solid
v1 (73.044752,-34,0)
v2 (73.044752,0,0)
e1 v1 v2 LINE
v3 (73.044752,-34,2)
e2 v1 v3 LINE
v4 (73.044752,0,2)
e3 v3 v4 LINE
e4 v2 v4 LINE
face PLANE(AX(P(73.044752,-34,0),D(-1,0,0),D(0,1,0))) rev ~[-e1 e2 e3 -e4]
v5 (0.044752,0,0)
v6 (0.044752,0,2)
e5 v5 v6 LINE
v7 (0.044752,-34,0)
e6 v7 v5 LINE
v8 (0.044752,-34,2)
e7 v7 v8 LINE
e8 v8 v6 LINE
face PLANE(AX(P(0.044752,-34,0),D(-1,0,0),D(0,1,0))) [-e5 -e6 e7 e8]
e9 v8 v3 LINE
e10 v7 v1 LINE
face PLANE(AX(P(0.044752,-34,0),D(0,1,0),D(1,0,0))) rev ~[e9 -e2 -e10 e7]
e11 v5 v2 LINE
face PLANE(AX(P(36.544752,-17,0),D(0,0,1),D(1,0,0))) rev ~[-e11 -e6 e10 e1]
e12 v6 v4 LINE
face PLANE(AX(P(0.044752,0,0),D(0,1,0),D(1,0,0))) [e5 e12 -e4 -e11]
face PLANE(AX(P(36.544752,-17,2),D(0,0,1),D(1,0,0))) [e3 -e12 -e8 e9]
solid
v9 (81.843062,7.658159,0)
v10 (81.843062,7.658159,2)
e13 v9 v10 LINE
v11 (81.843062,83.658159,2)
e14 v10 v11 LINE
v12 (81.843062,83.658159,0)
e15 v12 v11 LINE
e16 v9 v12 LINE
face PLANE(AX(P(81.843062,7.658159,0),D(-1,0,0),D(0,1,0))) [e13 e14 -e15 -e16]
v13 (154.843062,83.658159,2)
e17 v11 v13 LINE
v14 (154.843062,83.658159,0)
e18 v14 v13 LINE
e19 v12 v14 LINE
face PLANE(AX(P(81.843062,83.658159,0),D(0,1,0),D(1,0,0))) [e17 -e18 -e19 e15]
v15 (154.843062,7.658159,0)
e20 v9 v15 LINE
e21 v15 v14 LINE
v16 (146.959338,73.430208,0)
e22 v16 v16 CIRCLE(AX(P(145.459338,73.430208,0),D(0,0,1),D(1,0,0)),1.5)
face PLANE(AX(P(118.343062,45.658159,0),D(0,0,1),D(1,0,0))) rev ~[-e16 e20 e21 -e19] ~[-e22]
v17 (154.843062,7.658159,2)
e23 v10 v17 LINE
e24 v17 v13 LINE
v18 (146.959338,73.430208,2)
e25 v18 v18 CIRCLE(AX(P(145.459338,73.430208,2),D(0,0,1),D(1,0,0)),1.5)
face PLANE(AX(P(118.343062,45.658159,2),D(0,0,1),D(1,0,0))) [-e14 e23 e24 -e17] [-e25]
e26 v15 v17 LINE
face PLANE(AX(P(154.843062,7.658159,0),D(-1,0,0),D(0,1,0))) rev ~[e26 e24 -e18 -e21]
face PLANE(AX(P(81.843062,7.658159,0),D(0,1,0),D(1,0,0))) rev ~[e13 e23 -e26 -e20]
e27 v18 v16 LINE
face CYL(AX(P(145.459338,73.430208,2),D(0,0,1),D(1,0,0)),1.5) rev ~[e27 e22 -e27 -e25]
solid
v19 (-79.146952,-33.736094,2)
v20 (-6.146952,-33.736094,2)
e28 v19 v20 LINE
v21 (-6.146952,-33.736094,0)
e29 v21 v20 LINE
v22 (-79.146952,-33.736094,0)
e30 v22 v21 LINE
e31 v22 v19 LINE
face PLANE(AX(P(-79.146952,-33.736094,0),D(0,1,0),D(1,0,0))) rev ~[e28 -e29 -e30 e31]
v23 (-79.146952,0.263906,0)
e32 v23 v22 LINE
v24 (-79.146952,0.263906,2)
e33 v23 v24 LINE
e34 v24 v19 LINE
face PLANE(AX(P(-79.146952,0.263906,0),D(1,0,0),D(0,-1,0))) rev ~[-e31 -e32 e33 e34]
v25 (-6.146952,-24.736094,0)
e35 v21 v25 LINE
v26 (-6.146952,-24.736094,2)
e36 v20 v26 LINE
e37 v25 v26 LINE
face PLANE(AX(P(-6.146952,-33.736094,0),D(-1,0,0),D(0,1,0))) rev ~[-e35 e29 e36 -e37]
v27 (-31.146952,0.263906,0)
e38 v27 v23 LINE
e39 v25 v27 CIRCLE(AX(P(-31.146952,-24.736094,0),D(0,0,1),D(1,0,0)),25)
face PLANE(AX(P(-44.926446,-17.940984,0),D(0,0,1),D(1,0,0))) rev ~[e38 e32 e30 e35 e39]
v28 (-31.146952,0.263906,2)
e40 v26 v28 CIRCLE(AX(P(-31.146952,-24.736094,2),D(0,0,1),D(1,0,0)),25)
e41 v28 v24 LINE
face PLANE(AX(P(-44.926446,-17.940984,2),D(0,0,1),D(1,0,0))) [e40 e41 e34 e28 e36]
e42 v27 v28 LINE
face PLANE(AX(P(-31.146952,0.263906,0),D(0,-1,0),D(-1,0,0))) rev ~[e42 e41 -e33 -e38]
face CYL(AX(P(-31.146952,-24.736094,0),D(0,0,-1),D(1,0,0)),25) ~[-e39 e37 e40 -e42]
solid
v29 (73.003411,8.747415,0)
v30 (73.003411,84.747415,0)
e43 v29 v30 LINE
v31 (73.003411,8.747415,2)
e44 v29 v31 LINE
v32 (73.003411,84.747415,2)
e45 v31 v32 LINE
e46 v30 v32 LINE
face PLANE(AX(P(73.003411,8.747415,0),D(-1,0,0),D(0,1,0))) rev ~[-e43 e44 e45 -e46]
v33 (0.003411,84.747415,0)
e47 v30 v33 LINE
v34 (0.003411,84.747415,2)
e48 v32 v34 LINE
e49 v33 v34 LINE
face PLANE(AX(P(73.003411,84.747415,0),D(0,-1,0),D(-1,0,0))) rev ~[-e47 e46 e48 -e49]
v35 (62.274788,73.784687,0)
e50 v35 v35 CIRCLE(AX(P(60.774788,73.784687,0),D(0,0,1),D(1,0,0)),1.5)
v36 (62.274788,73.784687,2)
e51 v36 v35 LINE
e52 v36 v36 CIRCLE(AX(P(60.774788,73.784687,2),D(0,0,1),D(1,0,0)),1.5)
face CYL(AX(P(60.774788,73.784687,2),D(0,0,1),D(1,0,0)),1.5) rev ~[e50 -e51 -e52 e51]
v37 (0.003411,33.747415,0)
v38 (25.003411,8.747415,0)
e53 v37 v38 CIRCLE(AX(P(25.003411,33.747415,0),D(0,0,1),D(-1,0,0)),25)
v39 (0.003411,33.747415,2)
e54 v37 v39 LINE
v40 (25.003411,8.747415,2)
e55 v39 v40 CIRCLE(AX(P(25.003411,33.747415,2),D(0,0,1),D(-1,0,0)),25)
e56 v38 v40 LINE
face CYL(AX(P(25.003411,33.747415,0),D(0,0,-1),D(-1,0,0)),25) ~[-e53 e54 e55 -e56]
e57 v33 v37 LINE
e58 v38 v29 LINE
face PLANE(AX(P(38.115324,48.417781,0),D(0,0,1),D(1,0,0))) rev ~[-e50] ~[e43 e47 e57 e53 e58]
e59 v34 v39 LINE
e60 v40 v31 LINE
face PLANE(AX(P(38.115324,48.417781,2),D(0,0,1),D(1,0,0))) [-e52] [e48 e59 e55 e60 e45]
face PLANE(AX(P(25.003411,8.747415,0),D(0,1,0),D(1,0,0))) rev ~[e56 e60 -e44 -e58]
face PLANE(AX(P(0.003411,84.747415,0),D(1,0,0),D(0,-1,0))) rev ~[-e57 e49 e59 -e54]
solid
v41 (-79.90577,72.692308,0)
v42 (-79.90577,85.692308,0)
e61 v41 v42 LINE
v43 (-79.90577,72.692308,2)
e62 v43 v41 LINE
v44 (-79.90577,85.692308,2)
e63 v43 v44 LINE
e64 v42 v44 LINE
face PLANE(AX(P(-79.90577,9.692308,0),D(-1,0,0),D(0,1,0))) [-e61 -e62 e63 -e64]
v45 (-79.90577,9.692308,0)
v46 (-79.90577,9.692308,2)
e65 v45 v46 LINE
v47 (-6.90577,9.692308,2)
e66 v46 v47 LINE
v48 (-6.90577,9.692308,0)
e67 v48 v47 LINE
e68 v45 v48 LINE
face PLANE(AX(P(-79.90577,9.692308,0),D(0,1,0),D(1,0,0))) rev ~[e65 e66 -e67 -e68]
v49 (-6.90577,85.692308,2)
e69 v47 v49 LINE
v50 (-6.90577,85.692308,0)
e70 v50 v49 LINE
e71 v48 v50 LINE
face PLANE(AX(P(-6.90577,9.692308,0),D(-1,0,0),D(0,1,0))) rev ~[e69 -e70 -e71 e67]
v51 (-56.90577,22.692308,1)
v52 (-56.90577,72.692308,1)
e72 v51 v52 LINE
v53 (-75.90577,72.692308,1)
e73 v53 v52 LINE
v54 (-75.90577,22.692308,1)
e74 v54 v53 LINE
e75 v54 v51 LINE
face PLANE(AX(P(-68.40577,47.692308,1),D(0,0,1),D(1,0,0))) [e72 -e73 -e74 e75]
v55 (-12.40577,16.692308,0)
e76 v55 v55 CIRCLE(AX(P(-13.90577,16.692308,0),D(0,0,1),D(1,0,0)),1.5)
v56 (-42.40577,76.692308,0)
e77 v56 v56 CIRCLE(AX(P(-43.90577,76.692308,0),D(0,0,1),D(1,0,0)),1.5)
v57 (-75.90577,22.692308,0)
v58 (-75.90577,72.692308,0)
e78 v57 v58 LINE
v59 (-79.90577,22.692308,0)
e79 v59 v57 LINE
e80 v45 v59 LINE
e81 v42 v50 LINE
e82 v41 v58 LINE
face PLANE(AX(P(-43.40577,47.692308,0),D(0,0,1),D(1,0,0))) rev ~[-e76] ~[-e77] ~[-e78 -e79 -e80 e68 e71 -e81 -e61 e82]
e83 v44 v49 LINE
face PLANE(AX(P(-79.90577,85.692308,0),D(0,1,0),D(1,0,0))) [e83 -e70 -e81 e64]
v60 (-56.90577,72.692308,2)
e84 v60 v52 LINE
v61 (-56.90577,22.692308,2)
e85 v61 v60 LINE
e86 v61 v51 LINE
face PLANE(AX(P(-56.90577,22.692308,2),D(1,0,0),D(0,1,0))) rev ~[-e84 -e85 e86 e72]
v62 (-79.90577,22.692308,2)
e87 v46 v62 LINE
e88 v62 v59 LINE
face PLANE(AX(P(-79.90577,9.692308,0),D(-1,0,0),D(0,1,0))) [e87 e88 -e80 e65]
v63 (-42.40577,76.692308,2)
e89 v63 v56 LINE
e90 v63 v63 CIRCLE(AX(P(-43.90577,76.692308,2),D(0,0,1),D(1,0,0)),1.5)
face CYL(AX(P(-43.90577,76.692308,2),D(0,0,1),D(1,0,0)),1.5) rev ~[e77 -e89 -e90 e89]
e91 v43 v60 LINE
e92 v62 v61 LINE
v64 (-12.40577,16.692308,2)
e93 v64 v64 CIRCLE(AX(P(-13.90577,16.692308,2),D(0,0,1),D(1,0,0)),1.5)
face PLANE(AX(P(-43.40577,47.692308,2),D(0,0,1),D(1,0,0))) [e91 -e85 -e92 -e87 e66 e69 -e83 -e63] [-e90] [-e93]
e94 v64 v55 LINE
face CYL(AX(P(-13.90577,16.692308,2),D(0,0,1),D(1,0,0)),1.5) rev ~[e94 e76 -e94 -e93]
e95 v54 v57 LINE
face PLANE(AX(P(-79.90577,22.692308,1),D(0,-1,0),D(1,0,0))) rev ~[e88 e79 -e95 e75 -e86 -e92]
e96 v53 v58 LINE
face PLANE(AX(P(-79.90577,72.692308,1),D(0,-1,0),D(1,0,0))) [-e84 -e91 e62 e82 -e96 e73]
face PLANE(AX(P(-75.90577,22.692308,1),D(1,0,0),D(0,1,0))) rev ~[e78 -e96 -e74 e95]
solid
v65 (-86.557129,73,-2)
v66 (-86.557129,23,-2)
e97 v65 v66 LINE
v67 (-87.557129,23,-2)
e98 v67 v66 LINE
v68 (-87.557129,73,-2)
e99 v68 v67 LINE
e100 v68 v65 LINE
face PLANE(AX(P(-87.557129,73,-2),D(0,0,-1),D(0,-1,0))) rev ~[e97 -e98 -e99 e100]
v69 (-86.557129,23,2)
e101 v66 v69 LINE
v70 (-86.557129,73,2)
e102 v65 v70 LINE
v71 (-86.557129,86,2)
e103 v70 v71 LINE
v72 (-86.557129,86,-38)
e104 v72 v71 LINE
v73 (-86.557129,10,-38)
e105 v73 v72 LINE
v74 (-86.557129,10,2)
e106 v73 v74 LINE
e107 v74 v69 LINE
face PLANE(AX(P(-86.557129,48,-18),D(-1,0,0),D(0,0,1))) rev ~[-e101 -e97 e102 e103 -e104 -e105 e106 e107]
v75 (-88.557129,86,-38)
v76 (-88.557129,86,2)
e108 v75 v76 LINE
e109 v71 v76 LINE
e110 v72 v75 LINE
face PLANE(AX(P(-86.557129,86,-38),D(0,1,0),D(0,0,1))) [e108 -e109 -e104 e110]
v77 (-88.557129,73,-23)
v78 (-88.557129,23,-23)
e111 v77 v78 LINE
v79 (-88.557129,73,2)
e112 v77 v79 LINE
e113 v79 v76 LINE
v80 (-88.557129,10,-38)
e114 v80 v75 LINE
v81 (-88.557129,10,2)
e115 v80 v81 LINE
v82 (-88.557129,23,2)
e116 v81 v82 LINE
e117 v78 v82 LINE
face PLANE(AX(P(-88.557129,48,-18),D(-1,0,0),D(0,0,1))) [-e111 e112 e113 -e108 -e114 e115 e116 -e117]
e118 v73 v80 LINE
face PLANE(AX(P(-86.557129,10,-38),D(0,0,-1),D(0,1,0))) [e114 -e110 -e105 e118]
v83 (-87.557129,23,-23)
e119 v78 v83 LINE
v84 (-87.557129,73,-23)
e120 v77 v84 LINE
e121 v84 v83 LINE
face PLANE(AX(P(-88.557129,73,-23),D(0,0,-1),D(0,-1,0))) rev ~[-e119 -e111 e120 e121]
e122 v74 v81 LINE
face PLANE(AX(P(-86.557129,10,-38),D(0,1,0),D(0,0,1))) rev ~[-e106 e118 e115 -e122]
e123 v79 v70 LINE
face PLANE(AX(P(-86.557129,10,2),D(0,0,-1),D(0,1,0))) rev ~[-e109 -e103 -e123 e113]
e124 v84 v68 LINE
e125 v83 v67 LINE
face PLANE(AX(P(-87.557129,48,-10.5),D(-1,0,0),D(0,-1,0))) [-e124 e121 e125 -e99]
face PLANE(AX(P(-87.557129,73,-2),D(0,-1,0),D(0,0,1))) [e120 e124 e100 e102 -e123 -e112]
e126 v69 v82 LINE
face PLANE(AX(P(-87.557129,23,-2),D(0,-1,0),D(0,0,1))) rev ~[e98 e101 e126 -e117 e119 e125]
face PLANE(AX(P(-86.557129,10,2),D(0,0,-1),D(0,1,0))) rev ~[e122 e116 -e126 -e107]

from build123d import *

# Parameters (mm, degrees)
F0_W      = 73
F0_H      = 76
F1_DEPTH  = 2
F3_DEPTH  = 2
F5_DEPTH  = 2
F6_W      = 73
F6_H      = 34
F7_DEPTH  = 2
F8_W      = 73
F8_H      = 76
F9_DEPTH  = 2
F10_W     = 40
F10_H     = 76
F11_DEPTH = 2
F13_R     = 1.5
F14_DEPTH = 3
F16_ANGLE = 90
F17_W     = 23
F17_H     = 50
F18_DEPTH = 1
F19_W     = 4
F19_H     = 50
F20_DEPTH = 2
F21_W     = 50
F21_H     = 25
F22_DEPTH = 1
F23_W     = 50
F23_H     = 4
F24_DEPTH = 1.5


with BuildPart() as f1:
    # F0 (on Top) → F1 (new body)
    with BuildSketch(Plane.XY):
        with Locations((-43.4057699293, 47.692308493)):
            Rectangle(F0_W, F0_H)
    extrude(amount=F1_DEPTH)


with BuildPart() as f3:
    # F2 (on Top) → F3 (new body)
    with BuildSketch(Plane.XY):
        with BuildLine():
            Line((73.003411293, 84.7474151826), (0.003411293, 84.7474151826))
            Line((0.003411293, 84.7474151826), (0.003411293, 33.7474151826))
            ThreePointArc((0.003411293, 33.7474151826), (7.3257417634, 16.069745653), (25.003411293, 8.7474151826))
            Line((25.003411293, 8.7474151826), (73.003411293, 8.7474151826))
            Line((73.003411293, 8.7474151826), (73.003411293, 84.7474151826))
        make_face()
    extrude(amount=F3_DEPTH)


with BuildPart() as f5:
    # F4 (on Top) → F5 (new body)
    with BuildSketch(Plane.XY):
        with BuildLine():
            Line((-31.1469516055, 0.2639060989), (-79.1469516055, 0.2639060989))
            Line((-79.1469516055, 0.2639060989), (-79.1469516055, -33.7360939011))
            Line((-79.1469516055, -33.7360939011), (-6.1469516055, -33.7360939011))
            Line((-6.1469516055, -33.7360939011), (-6.1469516055, -24.7360939011))
            ThreePointArc((-6.1469516055, -24.7360939011), (-13.4692820759, -7.0584243714), (-31.1469516055, 0.2639060989))
        make_face()
    extrude(amount=F5_DEPTH)


with BuildPart() as f7:
    # F6 (on Top) → F7 (new body)
    with BuildSketch(Plane.XY):
        with Locations((36.5447524944, -17)):
            Rectangle(F6_W, F6_H)
    extrude(amount=F7_DEPTH)


with BuildPart() as f9:
    # F8 (on Top) → F9 (new body)
    with BuildSketch(Plane.XY):
        with Locations((118.3430621624, 45.6581593603)):
            Rectangle(F8_W, F8_H)
    extrude(amount=F9_DEPTH)


with BuildPart() as f11:
    # F10 (on Top) → F11 (new body)
    with BuildSketch(Plane.XY):
        with Locations((101.4428705918, -38)):
            Rectangle(F10_W, F10_H)
    extrude(amount=F11_DEPTH)


with BuildPart() as f11b:
    # F10 (on Top) → F11, piece 2 (new body)
    with BuildSketch(Plane.XY):
        with Locations((148.2472270727, -38.0005940096)):
            Rectangle(F10_W, F10_H)
    extrude(amount=F11_DEPTH)


with BuildPart() as f14_tool:
    # F13 (on face) → F14 (new body)
    with BuildSketch(Plane.XY.offset(2)):
        with Locations((60.7747882605, 73.784686625)):
            Circle(F13_R)
        with Locations((145.4593382223, 73.4302078024)):
            Circle(F13_R)
        with Locations((-13.9057699293, 16.692308493)):
            Circle(F13_R)
        with Locations((-43.9057699293, 76.692308493)):
            Circle(F13_R)
    extrude(amount=-F14_DEPTH)


with BuildPart() as f1_1:
    add(f1.part)

    # F14: cut by f14_tool
    add(f14_tool.part, mode=Mode.SUBTRACT)

    # F17 (on face) → F18 (cut)
    with BuildSketch(Plane.XY.offset(2)):
        with Locations((-68.4057699293, 47.692308493)):
            Rectangle(F17_W, F17_H)
    extrude(amount=-F18_DEPTH, mode=Mode.SUBTRACT)

    # F19 (on face) → F20 (cut)
    with BuildSketch(Plane.XY.offset(1)):
        with Locations((-77.9057699293, 47.692308493)):
            Rectangle(F19_W, F19_H)
    extrude(amount=-F20_DEPTH, mode=Mode.SUBTRACT)


with BuildPart() as f3_1:
    add(f3.part)

    # F14: cut by f14_tool
    add(f14_tool.part, mode=Mode.SUBTRACT)


with BuildPart() as f9_1:
    add(f9.part)

    # F14: cut by f14_tool
    add(f14_tool.part, mode=Mode.SUBTRACT)


with BuildPart() as f11_1:
    # F15: moved
    add(f11.part.moved(Location((-210, 86, 0))))


with BuildPart() as f11_2:
    # F16: moved
    add(f11_1.part.rotate(Axis((-88.5571294082, 48, 2), (0, -1, 0)), F16_ANGLE))

    # F21 (on face) → F22 (cut)
    with BuildSketch(Plane(origin=(-88.5571294082, 0, 0), x_dir=(0, -1, 0), z_dir=(-1, 0, 0))):
        with Locations((-48, -10.5)):
            Rectangle(F21_W, F21_H)
    extrude(amount=-F22_DEPTH, mode=Mode.SUBTRACT)

    # F23 (on face) → F24 (cut)
    with BuildSketch(Plane(origin=(-87.5571294082, 0, 0), x_dir=(0, -1, 0), z_dir=(-1, 0, 0))):
        with Locations((-48, 0)):
            Rectangle(F23_W, F23_H)
    extrude(amount=-F24_DEPTH, mode=Mode.SUBTRACT)


solid = Compound([f5.part, f7.part, f1_1.part, f3_1.part, f9_1.part, f11_2.part])
